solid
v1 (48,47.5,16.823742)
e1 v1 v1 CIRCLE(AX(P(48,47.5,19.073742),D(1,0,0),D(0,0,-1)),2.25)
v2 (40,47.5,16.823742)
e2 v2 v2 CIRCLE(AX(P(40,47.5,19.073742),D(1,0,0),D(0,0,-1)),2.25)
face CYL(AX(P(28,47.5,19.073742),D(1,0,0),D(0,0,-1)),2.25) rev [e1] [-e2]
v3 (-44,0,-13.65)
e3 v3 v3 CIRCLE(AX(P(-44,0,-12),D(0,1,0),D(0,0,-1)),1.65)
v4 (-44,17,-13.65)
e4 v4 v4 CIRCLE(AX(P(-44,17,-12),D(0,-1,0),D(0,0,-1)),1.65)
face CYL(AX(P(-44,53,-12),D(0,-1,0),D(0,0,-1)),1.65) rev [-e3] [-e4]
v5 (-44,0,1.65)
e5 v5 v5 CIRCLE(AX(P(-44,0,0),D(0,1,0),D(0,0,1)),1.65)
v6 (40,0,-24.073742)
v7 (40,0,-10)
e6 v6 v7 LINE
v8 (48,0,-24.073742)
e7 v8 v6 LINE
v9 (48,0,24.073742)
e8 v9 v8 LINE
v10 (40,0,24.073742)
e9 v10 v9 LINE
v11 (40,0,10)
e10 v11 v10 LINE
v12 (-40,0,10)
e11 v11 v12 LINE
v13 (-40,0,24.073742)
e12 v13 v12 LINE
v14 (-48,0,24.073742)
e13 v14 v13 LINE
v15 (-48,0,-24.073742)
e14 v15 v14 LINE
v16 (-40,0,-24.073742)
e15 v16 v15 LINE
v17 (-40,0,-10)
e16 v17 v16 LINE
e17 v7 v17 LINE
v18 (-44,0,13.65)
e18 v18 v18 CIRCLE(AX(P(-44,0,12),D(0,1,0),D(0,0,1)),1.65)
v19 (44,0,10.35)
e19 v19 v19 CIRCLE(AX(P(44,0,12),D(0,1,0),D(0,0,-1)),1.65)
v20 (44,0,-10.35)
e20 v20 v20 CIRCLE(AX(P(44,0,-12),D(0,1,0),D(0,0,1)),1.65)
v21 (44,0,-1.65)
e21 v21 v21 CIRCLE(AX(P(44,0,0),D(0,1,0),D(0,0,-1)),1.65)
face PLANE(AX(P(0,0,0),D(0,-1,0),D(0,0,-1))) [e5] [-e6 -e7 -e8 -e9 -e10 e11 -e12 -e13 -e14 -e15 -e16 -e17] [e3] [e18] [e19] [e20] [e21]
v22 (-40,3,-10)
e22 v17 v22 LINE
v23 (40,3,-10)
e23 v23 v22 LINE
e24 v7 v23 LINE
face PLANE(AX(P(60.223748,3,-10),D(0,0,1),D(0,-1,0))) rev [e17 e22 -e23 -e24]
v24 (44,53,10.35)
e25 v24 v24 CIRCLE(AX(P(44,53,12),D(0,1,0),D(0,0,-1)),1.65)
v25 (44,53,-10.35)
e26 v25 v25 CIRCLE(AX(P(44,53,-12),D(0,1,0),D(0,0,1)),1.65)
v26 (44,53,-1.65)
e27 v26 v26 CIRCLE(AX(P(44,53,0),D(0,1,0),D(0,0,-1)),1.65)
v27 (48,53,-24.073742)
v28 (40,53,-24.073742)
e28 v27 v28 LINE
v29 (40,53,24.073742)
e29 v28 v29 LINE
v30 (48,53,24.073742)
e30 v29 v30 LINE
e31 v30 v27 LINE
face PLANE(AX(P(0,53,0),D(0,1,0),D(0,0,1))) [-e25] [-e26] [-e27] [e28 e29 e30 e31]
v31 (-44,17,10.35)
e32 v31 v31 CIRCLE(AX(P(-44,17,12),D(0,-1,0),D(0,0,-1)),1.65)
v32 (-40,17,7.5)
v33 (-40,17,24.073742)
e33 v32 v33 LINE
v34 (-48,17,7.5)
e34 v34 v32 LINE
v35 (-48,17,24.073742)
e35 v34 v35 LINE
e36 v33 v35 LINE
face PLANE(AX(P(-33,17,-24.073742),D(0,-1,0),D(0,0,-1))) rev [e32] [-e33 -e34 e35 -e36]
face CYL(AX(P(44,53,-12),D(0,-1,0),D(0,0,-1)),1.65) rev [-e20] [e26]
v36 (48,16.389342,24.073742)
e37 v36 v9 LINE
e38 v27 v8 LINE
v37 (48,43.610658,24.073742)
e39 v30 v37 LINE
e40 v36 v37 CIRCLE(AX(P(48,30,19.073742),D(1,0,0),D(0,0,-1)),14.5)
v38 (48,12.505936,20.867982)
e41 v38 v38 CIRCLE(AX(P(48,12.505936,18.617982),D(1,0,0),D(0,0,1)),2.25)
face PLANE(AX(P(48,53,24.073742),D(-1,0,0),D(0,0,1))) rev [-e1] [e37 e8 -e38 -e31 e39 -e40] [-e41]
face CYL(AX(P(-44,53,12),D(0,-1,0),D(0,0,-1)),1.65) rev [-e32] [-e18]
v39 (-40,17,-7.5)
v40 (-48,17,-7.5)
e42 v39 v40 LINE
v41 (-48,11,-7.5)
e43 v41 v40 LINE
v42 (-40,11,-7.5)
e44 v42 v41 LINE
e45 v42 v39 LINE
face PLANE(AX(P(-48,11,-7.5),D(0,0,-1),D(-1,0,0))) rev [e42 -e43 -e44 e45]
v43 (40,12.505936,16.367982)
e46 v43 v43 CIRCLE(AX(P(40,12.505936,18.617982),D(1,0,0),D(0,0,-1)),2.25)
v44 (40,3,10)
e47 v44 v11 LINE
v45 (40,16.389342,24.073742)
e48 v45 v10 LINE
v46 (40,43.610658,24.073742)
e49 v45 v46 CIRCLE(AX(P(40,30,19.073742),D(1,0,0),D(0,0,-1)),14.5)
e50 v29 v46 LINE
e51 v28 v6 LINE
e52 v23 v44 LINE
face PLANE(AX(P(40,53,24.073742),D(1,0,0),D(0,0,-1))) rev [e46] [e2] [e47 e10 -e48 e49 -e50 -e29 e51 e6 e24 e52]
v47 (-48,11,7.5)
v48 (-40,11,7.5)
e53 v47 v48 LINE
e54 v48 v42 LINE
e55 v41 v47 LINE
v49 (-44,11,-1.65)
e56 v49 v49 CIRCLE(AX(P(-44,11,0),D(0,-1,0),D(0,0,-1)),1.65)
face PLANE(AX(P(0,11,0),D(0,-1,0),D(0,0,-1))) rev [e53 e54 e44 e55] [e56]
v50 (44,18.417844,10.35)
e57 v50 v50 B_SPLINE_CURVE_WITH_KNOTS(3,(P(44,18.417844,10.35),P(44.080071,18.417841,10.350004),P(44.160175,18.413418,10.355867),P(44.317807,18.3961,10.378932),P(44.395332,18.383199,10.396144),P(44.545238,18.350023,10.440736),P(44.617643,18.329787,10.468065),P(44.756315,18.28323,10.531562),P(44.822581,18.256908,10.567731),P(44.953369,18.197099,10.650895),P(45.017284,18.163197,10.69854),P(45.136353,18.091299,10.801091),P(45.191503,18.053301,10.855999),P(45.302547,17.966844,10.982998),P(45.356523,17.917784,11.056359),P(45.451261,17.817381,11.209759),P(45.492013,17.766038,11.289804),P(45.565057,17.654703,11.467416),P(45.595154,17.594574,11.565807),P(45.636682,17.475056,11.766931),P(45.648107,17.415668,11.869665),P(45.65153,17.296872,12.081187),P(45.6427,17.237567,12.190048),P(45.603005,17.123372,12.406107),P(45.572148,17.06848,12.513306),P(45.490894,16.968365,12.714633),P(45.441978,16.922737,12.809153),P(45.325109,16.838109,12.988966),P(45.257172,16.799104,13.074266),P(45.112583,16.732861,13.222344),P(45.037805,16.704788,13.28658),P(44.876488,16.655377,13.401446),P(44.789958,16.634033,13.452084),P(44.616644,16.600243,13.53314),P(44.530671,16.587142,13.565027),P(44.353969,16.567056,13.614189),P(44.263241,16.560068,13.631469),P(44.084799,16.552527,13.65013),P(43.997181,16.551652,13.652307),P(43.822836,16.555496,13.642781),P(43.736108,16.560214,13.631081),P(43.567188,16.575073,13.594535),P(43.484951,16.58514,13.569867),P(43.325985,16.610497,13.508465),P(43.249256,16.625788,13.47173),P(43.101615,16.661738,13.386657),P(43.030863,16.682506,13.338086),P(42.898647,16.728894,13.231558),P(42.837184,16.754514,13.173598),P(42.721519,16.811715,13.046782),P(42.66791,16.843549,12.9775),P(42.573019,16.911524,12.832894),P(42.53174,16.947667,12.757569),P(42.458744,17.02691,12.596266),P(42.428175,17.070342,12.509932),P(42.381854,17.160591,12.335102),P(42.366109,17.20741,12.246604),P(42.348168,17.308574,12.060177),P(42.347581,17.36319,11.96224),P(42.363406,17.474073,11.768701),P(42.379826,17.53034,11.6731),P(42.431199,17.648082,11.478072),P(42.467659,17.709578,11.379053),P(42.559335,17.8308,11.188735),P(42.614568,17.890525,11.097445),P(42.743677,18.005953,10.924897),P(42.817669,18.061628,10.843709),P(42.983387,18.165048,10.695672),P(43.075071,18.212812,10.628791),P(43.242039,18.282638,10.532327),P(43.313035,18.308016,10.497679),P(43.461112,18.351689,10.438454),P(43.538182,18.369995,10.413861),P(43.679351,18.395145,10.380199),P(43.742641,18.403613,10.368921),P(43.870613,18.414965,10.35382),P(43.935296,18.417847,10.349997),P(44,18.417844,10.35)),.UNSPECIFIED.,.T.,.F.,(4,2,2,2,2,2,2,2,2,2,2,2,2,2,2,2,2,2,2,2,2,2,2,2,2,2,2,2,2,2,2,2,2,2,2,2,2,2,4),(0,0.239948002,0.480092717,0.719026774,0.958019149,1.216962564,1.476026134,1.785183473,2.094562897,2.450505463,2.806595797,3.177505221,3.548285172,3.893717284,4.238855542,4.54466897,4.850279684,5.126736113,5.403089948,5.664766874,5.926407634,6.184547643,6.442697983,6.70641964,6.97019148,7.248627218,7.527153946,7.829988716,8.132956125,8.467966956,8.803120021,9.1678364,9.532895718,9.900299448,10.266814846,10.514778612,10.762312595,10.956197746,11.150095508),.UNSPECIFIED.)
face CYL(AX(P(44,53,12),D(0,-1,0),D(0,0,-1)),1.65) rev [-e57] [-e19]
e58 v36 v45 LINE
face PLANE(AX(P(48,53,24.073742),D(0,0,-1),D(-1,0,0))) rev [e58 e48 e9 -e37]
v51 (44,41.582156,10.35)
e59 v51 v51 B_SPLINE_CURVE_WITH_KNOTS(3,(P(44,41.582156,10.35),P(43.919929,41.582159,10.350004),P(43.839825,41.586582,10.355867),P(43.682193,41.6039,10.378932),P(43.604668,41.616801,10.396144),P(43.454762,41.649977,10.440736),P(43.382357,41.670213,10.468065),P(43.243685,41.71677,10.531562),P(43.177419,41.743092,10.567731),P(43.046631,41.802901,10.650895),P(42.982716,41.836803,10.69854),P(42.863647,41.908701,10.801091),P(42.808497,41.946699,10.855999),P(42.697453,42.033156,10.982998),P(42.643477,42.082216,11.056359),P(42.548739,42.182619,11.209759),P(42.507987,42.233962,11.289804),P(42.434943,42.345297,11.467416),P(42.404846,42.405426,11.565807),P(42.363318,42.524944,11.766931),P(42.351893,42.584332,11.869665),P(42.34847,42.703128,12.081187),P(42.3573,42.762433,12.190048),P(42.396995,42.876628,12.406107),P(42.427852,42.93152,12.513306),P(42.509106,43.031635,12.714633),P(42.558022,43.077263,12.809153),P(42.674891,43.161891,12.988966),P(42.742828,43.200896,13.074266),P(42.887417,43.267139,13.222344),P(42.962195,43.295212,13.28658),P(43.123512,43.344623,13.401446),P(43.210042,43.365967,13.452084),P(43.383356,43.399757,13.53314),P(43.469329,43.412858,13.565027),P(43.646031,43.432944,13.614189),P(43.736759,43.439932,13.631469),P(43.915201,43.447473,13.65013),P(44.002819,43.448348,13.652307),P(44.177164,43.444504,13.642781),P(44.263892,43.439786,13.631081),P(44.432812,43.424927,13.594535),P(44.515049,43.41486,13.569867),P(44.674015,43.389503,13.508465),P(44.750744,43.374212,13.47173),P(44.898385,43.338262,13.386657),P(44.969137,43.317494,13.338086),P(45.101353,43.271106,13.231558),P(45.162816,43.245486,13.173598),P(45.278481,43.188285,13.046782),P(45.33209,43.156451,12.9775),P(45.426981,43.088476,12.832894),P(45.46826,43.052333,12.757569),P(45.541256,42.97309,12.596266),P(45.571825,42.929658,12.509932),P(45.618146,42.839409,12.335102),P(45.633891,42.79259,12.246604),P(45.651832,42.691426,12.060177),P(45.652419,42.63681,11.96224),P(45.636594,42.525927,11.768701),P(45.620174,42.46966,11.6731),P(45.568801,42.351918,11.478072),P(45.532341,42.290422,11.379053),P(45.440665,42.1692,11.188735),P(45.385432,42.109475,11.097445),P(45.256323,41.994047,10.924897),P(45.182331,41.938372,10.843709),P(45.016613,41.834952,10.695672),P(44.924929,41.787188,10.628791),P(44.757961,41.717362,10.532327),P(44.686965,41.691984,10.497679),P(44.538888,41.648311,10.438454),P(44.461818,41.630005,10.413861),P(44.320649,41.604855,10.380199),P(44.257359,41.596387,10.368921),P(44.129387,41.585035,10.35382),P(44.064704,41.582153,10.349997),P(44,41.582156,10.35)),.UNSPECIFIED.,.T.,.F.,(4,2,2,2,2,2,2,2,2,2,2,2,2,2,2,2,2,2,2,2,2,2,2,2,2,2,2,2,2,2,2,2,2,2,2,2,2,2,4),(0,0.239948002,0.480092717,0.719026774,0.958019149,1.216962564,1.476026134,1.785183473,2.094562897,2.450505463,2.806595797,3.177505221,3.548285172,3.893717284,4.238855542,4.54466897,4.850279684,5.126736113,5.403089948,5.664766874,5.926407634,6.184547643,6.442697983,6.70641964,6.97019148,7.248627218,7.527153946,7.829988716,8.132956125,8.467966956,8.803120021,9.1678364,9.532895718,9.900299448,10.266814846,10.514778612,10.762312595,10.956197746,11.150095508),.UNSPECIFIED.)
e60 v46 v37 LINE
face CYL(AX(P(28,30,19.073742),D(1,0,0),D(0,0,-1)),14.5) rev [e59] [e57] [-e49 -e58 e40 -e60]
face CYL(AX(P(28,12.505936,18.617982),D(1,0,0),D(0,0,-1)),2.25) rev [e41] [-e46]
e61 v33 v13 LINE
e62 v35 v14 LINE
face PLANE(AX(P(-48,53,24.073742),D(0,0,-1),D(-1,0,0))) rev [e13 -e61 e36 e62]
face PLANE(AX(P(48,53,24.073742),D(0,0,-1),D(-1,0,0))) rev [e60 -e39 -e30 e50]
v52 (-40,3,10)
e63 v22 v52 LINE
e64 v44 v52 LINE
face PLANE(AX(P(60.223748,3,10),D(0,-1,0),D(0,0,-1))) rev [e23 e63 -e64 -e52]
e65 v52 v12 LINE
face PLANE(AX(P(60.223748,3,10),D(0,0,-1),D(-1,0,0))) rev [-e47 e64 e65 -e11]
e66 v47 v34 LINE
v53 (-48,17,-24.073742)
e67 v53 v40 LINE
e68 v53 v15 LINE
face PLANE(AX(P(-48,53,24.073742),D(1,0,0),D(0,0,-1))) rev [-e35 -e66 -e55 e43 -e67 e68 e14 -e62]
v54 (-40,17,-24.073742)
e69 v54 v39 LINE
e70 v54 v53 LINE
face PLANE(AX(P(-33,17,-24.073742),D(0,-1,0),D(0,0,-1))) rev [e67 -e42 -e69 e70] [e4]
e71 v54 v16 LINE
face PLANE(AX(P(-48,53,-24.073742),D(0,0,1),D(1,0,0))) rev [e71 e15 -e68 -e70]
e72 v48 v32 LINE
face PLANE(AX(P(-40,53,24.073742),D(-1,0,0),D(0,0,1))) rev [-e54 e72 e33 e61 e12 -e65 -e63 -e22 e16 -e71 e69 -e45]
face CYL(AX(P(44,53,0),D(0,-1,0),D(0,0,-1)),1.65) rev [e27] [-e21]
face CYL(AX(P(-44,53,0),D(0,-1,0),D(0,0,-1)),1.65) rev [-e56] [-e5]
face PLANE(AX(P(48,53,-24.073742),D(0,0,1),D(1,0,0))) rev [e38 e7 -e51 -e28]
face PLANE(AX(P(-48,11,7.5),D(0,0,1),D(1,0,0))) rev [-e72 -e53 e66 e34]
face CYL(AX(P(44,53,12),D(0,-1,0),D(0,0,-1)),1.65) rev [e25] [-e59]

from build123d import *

# Parameters (mm, degrees)
SKETCH_1_W          = 8
SKETCH_1_H          = 48.14748393
SKETCH_1_R          = 1.65
EXTRUDE_1_DEPTH     = 53
EXTRUDE_1_2_DEPTH   = 53
SKETCH_2_W          = 20
SKETCH_2_H          = 3
EXTRUDE_2_DEPTH     = 80
SKETCH_3_R          = 14.5
SKETCH_3_R_2        = 2.25
CUT_EXTRUDE_1_DEPTH = 20
SKETCH_4_W          = 48.14748393
SKETCH_4_H          = 36
CUT_EXTRUDE_2_DEPTH = 15
SKETCH_6_W          = 8
SKETCH_6_H          = 15
CUT_EXTRUDE_4_DEPTH = 6


with BuildPart() as part:
    # 草图1 → 凸台-拉伸1 (new body)
    with BuildSketch(Plane(origin=(0, 0, 0), x_dir=(1, 0, 0), z_dir=(0, 1, 0))):
        with Locations((44, 0)):
            Rectangle(SKETCH_1_W, SKETCH_1_H)
        with Locations(Location((44, 0, 0), (0, 0, 90))):
            Circle(SKETCH_1_R, mode=Mode.SUBTRACT)
        with Locations(Location((44, -12, 0), (0, 0, 90))):
            Circle(SKETCH_1_R, mode=Mode.SUBTRACT)
        with Locations(Location((44, 12, 0), (0, 0, 270))):
            Circle(SKETCH_1_R, mode=Mode.SUBTRACT)
    extrude(amount=EXTRUDE_1_DEPTH)



with BuildPart() as body_2:
    # 草图1 → Extrude 1 2 (new body)
    with BuildSketch(Plane(origin=(0, 0, 0), x_dir=(1, 0, 0), z_dir=(0, 1, 0))):
        with Locations((-44, 0)):
            Rectangle(SKETCH_1_W, SKETCH_1_H)
        with Locations(Location((-44, 0, 0), (0, 0, 270))):
            Circle(SKETCH_1_R, mode=Mode.SUBTRACT)
        with Locations(Location((-44, -12, 0), (0, 0, 270))):
            Circle(SKETCH_1_R, mode=Mode.SUBTRACT)
        with Locations(Location((-44, 12, 0), (0, 0, 90))):
            Circle(SKETCH_1_R, mode=Mode.SUBTRACT)
    extrude(amount=EXTRUDE_1_2_DEPTH)


with BuildPart() as part_1:
    add(part.part)

    add(body_2.part)  # 凸台-拉伸2 merges body 2
    # 草图2 → 凸台-拉伸2 (add)
    with BuildSketch(Plane(origin=(-40, 0, 0), x_dir=(0, 0, -1), z_dir=(1, 0, 0))):
        with Locations((0, 1.5)):
            Rectangle(SKETCH_2_W, SKETCH_2_H)
    extrude(amount=EXTRUDE_2_DEPTH)

    # 草图3 → 切除-拉伸1 (cut)
    with BuildSketch(Plane(origin=(48, 0, 0), x_dir=(0, 0, -1), z_dir=(1, 0, 0))):
        with Locations((-19.073741965, 30)):
            Circle(SKETCH_3_R)
        with Locations((-19.073741965, 47.5)):
            Circle(SKETCH_3_R_2)
        with Locations((-18.617981623, 12.505935792)):
            Circle(SKETCH_3_R_2)
    extrude(amount=-CUT_EXTRUDE_1_DEPTH, mode=Mode.SUBTRACT)

    # 草图4 → 切除-拉伸2 (cut)
    with BuildSketch(Plane.ZY.offset(48)):
        with Locations((0, 35)):
            Rectangle(SKETCH_4_W, SKETCH_4_H)
    extrude(amount=-CUT_EXTRUDE_2_DEPTH, mode=Mode.SUBTRACT)

    # 草图6 → 切除-拉伸4 (cut)
    with BuildSketch(Plane(origin=(0, 17, 0), x_dir=(1, 0, 0), z_dir=(0, 1, 0))):
        with Locations((-44, 0)):
            Rectangle(SKETCH_6_W, SKETCH_6_H)
    extrude(amount=-CUT_EXTRUDE_4_DEPTH, mode=Mode.SUBTRACT)


solid = part_1.part
